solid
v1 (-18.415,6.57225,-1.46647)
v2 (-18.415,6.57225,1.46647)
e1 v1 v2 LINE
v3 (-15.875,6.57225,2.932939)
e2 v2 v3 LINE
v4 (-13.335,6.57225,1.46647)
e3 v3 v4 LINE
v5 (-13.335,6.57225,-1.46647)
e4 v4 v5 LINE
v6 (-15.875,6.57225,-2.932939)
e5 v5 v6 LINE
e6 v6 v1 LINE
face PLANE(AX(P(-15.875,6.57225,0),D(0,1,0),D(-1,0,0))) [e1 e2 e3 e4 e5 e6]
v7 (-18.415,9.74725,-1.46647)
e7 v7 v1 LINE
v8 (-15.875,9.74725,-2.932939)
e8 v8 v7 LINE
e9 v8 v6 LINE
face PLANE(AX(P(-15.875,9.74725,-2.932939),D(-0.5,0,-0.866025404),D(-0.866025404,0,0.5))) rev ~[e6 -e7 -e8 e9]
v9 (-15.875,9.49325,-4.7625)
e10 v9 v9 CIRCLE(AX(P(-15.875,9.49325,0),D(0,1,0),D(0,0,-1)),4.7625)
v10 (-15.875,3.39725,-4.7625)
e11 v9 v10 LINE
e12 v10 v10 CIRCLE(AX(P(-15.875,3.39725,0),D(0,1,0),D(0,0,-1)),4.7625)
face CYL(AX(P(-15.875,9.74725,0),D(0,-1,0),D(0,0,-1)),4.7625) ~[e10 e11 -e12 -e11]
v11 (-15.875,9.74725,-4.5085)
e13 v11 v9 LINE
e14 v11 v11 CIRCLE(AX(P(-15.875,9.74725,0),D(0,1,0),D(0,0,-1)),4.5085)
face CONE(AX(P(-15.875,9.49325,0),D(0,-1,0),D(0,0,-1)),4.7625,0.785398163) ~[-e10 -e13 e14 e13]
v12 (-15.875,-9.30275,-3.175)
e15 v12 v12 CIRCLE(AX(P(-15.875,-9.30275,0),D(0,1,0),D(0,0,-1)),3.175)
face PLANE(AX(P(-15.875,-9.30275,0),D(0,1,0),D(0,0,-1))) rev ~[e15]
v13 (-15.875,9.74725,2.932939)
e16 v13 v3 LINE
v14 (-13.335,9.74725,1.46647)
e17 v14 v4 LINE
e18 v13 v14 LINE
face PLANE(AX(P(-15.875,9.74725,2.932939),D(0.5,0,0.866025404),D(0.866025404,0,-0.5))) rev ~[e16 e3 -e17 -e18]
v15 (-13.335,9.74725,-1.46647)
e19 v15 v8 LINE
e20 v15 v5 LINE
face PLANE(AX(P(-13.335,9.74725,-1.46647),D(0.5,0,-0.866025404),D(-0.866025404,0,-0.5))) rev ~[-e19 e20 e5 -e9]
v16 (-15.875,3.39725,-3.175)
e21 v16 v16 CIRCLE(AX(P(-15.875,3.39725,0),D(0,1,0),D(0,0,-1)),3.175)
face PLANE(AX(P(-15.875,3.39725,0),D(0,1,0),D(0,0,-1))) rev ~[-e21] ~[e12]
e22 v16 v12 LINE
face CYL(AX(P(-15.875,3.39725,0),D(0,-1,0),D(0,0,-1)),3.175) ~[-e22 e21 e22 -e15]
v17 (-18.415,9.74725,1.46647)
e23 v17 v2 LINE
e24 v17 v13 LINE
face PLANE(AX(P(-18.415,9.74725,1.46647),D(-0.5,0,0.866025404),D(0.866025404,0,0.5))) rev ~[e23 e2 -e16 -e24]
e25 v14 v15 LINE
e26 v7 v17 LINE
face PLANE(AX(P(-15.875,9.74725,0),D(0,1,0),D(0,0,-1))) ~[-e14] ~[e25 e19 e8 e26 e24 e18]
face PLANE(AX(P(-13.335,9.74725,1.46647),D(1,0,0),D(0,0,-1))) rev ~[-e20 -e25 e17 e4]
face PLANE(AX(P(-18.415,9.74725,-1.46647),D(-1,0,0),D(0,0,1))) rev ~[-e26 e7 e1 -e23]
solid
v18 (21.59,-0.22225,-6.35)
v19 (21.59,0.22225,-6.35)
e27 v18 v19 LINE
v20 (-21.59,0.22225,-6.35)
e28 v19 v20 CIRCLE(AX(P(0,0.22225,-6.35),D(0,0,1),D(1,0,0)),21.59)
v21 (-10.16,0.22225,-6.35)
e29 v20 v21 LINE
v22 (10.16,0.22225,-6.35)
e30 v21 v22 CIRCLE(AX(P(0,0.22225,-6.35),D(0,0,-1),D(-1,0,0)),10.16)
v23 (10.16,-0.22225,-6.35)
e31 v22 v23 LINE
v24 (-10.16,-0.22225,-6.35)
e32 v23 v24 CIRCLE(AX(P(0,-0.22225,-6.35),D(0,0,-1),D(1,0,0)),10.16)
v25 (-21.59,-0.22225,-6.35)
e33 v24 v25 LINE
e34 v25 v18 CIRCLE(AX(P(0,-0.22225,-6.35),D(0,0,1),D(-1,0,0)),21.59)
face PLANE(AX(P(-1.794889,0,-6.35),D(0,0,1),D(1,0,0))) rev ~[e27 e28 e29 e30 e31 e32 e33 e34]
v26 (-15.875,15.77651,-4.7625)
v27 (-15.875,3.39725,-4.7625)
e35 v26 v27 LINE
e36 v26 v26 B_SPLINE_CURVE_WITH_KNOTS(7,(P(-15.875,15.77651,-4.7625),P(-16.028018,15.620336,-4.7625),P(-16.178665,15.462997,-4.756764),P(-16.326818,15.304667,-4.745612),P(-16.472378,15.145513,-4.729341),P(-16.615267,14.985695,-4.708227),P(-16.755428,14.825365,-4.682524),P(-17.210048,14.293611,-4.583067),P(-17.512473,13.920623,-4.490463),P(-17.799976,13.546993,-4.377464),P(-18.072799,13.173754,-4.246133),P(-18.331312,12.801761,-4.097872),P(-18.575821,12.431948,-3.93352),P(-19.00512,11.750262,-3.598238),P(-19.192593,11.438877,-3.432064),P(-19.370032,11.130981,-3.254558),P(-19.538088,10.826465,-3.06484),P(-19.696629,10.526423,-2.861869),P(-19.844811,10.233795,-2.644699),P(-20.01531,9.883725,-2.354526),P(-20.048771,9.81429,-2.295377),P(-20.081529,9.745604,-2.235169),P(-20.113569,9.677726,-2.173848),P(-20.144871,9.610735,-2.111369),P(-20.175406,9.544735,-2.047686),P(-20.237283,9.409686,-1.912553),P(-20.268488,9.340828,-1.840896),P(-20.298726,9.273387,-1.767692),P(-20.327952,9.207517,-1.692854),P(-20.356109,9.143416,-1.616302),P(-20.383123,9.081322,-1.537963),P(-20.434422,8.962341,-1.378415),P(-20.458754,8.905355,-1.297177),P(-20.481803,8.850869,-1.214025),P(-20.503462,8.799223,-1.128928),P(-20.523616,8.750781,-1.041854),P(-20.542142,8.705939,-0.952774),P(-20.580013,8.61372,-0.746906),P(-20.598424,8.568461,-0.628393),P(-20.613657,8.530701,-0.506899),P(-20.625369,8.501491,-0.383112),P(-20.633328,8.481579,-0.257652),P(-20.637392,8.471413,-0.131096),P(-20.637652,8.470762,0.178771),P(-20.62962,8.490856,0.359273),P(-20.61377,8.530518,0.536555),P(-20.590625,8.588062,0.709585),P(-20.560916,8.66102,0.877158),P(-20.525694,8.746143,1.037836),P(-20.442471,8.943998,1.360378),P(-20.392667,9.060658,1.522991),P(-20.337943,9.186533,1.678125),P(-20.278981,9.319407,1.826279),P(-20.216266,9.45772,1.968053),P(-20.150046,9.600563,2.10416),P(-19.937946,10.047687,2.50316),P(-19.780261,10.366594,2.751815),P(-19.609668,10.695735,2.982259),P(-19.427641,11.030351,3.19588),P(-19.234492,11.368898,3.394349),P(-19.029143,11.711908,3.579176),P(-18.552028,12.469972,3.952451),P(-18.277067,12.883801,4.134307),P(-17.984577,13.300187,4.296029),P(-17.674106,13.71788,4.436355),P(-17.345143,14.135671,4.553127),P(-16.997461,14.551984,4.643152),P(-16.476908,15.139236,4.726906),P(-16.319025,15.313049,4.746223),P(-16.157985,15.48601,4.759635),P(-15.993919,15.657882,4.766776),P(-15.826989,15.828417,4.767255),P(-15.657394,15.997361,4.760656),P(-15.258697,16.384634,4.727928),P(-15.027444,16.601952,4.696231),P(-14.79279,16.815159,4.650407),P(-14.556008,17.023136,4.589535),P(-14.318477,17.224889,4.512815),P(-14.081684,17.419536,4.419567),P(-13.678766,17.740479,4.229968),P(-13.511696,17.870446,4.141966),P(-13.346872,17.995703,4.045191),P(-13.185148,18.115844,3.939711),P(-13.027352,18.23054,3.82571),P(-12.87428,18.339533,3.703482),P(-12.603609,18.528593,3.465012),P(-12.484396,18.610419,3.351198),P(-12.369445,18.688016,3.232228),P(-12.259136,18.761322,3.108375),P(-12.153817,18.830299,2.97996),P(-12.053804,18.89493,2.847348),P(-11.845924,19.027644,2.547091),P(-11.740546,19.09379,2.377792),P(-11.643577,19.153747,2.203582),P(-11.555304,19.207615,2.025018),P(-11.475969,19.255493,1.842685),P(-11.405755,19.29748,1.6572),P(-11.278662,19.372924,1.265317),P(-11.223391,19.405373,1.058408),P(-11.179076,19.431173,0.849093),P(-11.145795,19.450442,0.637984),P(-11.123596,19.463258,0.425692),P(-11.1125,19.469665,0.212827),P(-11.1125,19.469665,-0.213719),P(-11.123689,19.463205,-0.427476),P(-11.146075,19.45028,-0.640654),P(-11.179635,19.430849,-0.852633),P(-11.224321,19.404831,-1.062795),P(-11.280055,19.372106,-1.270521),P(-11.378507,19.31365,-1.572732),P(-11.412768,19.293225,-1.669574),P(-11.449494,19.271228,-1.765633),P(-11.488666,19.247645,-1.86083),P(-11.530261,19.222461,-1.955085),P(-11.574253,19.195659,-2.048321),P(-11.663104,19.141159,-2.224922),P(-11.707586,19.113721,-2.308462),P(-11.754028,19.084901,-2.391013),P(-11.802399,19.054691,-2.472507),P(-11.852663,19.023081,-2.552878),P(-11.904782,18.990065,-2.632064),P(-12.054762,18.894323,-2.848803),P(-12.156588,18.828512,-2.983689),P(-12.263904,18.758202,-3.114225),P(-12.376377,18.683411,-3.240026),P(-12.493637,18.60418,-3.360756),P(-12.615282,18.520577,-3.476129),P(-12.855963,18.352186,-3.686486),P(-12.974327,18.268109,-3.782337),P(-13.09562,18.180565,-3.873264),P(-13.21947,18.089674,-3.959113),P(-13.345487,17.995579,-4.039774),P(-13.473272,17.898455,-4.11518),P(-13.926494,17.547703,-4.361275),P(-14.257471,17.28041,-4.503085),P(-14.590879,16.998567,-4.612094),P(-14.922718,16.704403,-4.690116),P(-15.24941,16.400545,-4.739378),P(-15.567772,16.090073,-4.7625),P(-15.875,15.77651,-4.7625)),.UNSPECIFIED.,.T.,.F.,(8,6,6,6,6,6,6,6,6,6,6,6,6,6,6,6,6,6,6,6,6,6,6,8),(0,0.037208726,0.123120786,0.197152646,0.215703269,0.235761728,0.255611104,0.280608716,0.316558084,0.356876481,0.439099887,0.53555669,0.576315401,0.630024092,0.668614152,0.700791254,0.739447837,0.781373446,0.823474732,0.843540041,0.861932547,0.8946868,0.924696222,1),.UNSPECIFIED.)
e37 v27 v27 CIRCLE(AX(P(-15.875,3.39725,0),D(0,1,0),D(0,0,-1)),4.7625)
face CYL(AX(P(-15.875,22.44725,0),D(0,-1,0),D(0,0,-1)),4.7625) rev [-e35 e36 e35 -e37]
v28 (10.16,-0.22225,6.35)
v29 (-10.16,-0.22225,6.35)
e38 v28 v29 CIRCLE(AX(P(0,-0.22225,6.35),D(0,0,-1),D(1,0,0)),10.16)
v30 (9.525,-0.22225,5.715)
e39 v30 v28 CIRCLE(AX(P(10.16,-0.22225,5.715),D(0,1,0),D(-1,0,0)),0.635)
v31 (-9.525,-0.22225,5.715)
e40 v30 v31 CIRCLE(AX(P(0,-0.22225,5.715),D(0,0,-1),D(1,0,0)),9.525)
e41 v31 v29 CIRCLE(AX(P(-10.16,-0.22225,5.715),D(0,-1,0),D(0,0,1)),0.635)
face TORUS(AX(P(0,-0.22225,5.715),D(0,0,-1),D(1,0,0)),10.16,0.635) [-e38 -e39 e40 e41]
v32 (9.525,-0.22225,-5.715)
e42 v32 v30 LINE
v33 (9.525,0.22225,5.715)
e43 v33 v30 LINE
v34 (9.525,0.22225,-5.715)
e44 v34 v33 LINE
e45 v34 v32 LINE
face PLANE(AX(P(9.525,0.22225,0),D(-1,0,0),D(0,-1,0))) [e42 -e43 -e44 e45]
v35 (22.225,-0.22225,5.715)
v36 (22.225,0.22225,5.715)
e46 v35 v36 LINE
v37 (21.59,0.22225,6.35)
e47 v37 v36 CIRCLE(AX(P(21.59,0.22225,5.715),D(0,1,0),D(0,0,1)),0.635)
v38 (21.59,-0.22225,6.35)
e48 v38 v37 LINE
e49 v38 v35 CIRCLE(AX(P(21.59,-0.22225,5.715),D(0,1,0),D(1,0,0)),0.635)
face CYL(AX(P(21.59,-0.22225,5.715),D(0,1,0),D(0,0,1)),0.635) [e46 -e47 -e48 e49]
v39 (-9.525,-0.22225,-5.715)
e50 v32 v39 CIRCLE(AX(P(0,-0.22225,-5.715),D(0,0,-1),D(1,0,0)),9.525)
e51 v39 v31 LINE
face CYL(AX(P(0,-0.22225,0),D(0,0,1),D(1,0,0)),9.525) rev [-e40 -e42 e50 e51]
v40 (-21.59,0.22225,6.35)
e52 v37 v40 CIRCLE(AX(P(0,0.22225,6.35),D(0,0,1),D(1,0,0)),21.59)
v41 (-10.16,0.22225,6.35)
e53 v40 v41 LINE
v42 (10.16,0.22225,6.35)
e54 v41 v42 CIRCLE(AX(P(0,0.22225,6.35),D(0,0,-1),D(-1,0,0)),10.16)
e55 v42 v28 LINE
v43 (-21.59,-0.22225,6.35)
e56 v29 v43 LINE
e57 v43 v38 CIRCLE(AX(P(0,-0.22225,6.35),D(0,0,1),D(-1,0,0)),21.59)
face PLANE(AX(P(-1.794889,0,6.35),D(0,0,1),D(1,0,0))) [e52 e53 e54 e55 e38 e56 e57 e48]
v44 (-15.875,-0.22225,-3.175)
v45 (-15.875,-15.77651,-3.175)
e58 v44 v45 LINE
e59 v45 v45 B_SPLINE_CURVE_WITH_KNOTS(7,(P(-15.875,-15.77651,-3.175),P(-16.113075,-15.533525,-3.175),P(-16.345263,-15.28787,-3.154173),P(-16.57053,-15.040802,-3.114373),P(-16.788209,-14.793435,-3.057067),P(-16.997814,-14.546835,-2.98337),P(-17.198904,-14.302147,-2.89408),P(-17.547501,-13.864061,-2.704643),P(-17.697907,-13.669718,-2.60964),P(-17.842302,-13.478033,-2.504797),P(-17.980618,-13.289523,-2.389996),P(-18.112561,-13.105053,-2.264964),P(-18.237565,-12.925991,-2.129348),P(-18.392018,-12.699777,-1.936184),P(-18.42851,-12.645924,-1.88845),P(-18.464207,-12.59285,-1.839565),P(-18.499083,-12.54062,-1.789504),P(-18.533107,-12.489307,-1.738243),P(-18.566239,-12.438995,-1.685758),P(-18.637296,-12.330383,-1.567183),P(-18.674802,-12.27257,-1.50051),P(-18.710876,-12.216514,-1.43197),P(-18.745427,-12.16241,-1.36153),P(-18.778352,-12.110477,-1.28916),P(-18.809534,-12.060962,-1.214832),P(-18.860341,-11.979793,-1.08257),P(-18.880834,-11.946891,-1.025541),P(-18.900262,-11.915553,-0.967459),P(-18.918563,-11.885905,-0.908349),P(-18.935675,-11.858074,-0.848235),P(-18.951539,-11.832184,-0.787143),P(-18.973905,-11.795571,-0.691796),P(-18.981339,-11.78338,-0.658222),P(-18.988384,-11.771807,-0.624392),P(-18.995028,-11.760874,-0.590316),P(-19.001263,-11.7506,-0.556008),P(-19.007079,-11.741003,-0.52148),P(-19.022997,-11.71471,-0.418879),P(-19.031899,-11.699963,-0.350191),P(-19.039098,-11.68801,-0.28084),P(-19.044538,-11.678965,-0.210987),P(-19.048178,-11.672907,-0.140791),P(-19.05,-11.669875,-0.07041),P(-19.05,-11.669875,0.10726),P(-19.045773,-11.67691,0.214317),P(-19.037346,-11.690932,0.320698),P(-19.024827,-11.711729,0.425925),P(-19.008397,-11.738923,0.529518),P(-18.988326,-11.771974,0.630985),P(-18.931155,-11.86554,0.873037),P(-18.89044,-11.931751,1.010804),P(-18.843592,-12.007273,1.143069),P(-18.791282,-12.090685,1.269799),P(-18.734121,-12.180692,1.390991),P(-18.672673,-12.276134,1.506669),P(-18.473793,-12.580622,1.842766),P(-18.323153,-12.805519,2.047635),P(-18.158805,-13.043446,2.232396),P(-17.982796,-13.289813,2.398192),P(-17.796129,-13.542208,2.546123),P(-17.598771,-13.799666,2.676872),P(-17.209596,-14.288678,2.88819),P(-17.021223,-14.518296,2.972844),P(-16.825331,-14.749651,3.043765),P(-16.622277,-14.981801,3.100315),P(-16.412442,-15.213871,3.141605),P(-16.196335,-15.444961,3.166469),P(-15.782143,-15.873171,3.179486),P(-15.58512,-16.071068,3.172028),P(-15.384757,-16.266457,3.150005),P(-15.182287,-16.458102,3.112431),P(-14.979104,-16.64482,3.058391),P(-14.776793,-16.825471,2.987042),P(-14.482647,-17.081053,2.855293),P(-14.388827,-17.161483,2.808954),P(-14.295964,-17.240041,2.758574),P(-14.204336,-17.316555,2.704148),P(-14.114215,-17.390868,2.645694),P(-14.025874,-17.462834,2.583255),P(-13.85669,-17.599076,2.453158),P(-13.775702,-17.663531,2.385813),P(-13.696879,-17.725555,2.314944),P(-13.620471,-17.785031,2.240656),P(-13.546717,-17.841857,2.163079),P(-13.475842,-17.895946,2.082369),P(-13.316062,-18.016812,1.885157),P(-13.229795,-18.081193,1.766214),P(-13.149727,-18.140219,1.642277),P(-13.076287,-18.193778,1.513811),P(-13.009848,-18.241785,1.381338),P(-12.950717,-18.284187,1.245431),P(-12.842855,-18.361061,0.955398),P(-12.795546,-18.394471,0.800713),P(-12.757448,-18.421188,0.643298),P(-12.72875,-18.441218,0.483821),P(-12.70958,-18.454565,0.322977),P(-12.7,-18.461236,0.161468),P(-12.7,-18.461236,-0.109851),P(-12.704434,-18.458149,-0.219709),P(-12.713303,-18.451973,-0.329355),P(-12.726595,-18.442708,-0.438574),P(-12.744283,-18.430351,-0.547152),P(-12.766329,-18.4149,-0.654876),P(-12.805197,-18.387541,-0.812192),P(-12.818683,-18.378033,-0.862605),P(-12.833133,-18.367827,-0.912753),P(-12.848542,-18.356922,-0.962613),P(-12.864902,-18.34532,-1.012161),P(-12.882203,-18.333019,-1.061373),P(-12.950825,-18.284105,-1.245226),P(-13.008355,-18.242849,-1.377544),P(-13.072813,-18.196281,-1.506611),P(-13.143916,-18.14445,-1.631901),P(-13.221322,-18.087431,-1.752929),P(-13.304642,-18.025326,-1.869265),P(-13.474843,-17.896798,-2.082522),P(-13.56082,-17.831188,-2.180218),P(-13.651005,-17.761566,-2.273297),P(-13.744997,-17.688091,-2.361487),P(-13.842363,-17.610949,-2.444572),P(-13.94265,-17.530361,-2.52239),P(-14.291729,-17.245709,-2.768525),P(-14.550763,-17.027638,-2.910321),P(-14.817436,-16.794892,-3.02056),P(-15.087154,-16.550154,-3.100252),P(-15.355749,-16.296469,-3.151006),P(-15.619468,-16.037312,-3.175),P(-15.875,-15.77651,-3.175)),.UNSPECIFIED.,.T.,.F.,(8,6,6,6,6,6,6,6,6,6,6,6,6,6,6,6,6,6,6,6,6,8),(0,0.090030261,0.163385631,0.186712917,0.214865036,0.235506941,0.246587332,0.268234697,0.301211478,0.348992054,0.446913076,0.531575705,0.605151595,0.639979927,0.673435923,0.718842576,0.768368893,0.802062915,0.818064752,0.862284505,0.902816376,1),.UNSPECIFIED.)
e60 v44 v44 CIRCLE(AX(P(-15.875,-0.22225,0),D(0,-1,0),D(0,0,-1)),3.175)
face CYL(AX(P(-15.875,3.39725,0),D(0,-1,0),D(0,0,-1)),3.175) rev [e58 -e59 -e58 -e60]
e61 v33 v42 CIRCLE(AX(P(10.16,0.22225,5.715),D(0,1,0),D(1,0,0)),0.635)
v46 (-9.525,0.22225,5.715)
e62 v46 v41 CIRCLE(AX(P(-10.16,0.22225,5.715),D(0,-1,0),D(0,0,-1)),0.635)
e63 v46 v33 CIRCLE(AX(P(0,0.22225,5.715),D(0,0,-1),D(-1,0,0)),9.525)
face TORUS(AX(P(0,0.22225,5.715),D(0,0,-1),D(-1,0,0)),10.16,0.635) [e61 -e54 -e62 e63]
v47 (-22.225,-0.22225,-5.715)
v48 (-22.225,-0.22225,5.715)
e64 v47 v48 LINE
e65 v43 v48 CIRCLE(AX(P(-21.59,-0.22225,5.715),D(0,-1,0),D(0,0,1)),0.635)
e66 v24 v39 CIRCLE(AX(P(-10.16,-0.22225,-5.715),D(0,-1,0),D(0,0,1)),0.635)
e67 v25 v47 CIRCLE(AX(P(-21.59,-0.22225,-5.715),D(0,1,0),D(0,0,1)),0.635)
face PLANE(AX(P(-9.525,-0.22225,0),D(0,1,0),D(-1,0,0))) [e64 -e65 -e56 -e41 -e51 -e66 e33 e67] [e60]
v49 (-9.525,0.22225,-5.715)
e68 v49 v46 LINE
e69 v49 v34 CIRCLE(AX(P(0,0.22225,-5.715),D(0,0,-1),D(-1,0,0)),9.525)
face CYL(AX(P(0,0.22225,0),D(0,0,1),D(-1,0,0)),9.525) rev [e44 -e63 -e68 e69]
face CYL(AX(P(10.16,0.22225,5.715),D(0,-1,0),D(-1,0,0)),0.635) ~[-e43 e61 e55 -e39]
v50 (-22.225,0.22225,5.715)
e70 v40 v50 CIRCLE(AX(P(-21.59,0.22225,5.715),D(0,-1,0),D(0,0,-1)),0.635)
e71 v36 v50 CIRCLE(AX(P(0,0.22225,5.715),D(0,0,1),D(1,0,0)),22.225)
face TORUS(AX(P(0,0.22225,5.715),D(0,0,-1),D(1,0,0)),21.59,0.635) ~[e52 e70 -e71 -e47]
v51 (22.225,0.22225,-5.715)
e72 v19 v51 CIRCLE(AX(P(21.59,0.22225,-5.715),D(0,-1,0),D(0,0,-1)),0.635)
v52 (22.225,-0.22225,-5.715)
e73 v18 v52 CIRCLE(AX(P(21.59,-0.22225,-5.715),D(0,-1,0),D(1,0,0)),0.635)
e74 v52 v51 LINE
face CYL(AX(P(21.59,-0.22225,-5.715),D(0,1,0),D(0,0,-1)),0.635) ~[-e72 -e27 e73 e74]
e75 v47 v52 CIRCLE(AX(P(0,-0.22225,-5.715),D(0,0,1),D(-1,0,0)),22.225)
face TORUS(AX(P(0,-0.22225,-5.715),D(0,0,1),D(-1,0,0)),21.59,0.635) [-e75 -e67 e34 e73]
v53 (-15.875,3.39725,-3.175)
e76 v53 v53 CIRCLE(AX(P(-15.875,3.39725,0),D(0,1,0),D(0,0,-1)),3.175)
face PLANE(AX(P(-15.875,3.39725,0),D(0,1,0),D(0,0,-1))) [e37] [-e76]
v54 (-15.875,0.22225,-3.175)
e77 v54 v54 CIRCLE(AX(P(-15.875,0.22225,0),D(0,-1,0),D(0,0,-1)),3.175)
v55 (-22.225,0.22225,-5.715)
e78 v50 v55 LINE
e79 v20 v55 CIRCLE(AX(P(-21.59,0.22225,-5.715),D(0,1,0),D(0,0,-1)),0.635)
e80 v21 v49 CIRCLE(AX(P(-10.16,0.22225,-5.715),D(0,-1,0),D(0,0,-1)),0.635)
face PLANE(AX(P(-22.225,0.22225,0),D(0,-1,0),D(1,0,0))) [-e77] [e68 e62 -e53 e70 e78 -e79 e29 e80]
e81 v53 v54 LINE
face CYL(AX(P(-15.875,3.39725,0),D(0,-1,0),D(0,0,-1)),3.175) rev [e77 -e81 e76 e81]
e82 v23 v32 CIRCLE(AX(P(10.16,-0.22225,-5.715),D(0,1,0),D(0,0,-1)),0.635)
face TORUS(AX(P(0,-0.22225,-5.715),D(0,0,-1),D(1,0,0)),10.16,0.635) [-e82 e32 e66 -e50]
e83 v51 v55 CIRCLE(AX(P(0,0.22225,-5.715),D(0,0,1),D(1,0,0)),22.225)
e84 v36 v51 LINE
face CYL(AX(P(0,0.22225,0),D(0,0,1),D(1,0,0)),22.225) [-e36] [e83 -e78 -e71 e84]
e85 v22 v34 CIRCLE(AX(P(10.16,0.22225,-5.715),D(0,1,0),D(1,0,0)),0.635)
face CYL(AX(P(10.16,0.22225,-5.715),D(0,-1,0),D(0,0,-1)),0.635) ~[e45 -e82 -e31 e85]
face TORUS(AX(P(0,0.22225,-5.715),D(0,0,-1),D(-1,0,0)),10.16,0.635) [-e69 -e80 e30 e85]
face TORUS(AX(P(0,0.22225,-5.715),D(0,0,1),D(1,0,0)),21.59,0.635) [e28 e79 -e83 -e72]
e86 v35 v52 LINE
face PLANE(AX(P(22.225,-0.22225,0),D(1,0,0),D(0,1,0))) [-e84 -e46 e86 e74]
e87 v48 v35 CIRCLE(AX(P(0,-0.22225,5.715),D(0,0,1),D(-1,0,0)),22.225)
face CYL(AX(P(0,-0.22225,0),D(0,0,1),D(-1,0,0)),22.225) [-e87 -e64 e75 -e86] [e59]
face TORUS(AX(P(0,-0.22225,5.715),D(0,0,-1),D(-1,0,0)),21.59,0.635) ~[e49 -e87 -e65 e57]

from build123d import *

# Parameters (mm, degrees)
EXTRUDE1_DEPTH     = 6.35
CUT_EXTRUDE2_DEPTH = 3.175
FILLET1_R          = 0.635
CHAMFER2_SIZE      = 0.254


with BuildPart() as part:
    # Sketch1 → Extrude1 (new, symmetric)
    with BuildSketch(Plane.XY):
        with BuildLine():
            Line((-22.225, 0.22225), (-9.525, 0.22225))
            ThreePointArc((-9.525, 0.22225), (0, 9.74725), (9.525, 0.22225))
            Line((9.525, 0.22225), (9.525, -0.22225))
            ThreePointArc((9.525, -0.22225), (0, -9.74725), (-9.525, -0.22225))
            Line((-9.525, -0.22225), (-22.225, -0.22225))
            ThreePointArc((-22.225, -0.22225), (0, -22.44725), (22.225, -0.22225))
            Line((22.225, -0.22225), (22.225, 0.22225))
            ThreePointArc((22.225, 0.22225), (0, 22.44725), (-22.225, 0.22225))
        make_face()
    extrude(amount=EXTRUDE1_DEPTH, both=True)

    # Sketch4 → Cut-Revolve1 (revolve, cut)
    with BuildSketch(Plane.XY, mode=Mode.PRIVATE) as cut_revolve1_sk:
        Polygon((-15.875, 22.44725), (-11.1125, 22.44725), (-11.1125, 3.39725), (-12.7, 3.39725), (-12.7, -22.44725), (-15.875, -22.44725), align=None)
    revolve(cut_revolve1_sk.sketch.rotate(Axis((-15.875, -22.44725, 0), (0, 1, 0)), 90), axis=Axis((-15.875, -22.44725, 0), (0, 1, 0)), mode=Mode.SUBTRACT)

    # Fillet1
    fillet1_edges = [part.edges().sort_by_distance(p)[0] for p in [
        (0, 9.74725, 6.35),
        (9.525, 0, 6.35),
        (0, -9.74725, 6.35),
        (0, -22.44725, 6.35),
        (22.225, 0, 6.35),
        (0, 22.44725, 6.35),
        (22.225, 0, -6.35),
        (0, -22.44725, -6.35),
        (0, -9.74725, -6.35),
        (9.525, 0, -6.35),
        (0, 9.74725, -6.35),
        (0, 22.44725, -6.35),
    ]]
    fillet(fillet1_edges, radius=FILLET1_R)


with BuildPart() as body_2:
    # Sketch6 → Revolve1 (revolve)
    with BuildSketch(Plane.XY, mode=Mode.PRIVATE) as revolve1_sk:
        Polygon((-15.875, 9.74725), (-11.1125, 9.74725), (-11.1125, 3.39725), (-12.7, 3.39725), (-12.7, -9.30275), (-15.875, -9.30275), align=None)
    revolve(revolve1_sk.sketch.rotate(Axis((-15.875, -9.30275, 0), (0, 1, 0)), 90), axis=Axis((-15.875, -9.30275, 0), (0, 1, 0)))

    # Sketch7 → Cut-Extrude2 (cut)
    with BuildSketch(Plane(origin=(0, 9.74725, 0), x_dir=(-1, 0, 0), z_dir=(0, 1, 0))):
        Polygon((15.875, -2.932939367), (18.415, -1.466469684), (18.415, 1.466469684), (15.875, 2.932939367), (13.335, 1.466469684), (13.335, -1.466469684), align=None)
    extrude(amount=-CUT_EXTRUDE2_DEPTH, mode=Mode.SUBTRACT)

    # Chamfer2
    chamfer2_edges = [body_2.edges().sort_by_distance(p)[0] for p in [
        (-15.875, 9.74725, 4.7625),
    ]]
    chamfer(chamfer2_edges, length=CHAMFER2_SIZE)


solid = Compound([part.part, body_2.part])
